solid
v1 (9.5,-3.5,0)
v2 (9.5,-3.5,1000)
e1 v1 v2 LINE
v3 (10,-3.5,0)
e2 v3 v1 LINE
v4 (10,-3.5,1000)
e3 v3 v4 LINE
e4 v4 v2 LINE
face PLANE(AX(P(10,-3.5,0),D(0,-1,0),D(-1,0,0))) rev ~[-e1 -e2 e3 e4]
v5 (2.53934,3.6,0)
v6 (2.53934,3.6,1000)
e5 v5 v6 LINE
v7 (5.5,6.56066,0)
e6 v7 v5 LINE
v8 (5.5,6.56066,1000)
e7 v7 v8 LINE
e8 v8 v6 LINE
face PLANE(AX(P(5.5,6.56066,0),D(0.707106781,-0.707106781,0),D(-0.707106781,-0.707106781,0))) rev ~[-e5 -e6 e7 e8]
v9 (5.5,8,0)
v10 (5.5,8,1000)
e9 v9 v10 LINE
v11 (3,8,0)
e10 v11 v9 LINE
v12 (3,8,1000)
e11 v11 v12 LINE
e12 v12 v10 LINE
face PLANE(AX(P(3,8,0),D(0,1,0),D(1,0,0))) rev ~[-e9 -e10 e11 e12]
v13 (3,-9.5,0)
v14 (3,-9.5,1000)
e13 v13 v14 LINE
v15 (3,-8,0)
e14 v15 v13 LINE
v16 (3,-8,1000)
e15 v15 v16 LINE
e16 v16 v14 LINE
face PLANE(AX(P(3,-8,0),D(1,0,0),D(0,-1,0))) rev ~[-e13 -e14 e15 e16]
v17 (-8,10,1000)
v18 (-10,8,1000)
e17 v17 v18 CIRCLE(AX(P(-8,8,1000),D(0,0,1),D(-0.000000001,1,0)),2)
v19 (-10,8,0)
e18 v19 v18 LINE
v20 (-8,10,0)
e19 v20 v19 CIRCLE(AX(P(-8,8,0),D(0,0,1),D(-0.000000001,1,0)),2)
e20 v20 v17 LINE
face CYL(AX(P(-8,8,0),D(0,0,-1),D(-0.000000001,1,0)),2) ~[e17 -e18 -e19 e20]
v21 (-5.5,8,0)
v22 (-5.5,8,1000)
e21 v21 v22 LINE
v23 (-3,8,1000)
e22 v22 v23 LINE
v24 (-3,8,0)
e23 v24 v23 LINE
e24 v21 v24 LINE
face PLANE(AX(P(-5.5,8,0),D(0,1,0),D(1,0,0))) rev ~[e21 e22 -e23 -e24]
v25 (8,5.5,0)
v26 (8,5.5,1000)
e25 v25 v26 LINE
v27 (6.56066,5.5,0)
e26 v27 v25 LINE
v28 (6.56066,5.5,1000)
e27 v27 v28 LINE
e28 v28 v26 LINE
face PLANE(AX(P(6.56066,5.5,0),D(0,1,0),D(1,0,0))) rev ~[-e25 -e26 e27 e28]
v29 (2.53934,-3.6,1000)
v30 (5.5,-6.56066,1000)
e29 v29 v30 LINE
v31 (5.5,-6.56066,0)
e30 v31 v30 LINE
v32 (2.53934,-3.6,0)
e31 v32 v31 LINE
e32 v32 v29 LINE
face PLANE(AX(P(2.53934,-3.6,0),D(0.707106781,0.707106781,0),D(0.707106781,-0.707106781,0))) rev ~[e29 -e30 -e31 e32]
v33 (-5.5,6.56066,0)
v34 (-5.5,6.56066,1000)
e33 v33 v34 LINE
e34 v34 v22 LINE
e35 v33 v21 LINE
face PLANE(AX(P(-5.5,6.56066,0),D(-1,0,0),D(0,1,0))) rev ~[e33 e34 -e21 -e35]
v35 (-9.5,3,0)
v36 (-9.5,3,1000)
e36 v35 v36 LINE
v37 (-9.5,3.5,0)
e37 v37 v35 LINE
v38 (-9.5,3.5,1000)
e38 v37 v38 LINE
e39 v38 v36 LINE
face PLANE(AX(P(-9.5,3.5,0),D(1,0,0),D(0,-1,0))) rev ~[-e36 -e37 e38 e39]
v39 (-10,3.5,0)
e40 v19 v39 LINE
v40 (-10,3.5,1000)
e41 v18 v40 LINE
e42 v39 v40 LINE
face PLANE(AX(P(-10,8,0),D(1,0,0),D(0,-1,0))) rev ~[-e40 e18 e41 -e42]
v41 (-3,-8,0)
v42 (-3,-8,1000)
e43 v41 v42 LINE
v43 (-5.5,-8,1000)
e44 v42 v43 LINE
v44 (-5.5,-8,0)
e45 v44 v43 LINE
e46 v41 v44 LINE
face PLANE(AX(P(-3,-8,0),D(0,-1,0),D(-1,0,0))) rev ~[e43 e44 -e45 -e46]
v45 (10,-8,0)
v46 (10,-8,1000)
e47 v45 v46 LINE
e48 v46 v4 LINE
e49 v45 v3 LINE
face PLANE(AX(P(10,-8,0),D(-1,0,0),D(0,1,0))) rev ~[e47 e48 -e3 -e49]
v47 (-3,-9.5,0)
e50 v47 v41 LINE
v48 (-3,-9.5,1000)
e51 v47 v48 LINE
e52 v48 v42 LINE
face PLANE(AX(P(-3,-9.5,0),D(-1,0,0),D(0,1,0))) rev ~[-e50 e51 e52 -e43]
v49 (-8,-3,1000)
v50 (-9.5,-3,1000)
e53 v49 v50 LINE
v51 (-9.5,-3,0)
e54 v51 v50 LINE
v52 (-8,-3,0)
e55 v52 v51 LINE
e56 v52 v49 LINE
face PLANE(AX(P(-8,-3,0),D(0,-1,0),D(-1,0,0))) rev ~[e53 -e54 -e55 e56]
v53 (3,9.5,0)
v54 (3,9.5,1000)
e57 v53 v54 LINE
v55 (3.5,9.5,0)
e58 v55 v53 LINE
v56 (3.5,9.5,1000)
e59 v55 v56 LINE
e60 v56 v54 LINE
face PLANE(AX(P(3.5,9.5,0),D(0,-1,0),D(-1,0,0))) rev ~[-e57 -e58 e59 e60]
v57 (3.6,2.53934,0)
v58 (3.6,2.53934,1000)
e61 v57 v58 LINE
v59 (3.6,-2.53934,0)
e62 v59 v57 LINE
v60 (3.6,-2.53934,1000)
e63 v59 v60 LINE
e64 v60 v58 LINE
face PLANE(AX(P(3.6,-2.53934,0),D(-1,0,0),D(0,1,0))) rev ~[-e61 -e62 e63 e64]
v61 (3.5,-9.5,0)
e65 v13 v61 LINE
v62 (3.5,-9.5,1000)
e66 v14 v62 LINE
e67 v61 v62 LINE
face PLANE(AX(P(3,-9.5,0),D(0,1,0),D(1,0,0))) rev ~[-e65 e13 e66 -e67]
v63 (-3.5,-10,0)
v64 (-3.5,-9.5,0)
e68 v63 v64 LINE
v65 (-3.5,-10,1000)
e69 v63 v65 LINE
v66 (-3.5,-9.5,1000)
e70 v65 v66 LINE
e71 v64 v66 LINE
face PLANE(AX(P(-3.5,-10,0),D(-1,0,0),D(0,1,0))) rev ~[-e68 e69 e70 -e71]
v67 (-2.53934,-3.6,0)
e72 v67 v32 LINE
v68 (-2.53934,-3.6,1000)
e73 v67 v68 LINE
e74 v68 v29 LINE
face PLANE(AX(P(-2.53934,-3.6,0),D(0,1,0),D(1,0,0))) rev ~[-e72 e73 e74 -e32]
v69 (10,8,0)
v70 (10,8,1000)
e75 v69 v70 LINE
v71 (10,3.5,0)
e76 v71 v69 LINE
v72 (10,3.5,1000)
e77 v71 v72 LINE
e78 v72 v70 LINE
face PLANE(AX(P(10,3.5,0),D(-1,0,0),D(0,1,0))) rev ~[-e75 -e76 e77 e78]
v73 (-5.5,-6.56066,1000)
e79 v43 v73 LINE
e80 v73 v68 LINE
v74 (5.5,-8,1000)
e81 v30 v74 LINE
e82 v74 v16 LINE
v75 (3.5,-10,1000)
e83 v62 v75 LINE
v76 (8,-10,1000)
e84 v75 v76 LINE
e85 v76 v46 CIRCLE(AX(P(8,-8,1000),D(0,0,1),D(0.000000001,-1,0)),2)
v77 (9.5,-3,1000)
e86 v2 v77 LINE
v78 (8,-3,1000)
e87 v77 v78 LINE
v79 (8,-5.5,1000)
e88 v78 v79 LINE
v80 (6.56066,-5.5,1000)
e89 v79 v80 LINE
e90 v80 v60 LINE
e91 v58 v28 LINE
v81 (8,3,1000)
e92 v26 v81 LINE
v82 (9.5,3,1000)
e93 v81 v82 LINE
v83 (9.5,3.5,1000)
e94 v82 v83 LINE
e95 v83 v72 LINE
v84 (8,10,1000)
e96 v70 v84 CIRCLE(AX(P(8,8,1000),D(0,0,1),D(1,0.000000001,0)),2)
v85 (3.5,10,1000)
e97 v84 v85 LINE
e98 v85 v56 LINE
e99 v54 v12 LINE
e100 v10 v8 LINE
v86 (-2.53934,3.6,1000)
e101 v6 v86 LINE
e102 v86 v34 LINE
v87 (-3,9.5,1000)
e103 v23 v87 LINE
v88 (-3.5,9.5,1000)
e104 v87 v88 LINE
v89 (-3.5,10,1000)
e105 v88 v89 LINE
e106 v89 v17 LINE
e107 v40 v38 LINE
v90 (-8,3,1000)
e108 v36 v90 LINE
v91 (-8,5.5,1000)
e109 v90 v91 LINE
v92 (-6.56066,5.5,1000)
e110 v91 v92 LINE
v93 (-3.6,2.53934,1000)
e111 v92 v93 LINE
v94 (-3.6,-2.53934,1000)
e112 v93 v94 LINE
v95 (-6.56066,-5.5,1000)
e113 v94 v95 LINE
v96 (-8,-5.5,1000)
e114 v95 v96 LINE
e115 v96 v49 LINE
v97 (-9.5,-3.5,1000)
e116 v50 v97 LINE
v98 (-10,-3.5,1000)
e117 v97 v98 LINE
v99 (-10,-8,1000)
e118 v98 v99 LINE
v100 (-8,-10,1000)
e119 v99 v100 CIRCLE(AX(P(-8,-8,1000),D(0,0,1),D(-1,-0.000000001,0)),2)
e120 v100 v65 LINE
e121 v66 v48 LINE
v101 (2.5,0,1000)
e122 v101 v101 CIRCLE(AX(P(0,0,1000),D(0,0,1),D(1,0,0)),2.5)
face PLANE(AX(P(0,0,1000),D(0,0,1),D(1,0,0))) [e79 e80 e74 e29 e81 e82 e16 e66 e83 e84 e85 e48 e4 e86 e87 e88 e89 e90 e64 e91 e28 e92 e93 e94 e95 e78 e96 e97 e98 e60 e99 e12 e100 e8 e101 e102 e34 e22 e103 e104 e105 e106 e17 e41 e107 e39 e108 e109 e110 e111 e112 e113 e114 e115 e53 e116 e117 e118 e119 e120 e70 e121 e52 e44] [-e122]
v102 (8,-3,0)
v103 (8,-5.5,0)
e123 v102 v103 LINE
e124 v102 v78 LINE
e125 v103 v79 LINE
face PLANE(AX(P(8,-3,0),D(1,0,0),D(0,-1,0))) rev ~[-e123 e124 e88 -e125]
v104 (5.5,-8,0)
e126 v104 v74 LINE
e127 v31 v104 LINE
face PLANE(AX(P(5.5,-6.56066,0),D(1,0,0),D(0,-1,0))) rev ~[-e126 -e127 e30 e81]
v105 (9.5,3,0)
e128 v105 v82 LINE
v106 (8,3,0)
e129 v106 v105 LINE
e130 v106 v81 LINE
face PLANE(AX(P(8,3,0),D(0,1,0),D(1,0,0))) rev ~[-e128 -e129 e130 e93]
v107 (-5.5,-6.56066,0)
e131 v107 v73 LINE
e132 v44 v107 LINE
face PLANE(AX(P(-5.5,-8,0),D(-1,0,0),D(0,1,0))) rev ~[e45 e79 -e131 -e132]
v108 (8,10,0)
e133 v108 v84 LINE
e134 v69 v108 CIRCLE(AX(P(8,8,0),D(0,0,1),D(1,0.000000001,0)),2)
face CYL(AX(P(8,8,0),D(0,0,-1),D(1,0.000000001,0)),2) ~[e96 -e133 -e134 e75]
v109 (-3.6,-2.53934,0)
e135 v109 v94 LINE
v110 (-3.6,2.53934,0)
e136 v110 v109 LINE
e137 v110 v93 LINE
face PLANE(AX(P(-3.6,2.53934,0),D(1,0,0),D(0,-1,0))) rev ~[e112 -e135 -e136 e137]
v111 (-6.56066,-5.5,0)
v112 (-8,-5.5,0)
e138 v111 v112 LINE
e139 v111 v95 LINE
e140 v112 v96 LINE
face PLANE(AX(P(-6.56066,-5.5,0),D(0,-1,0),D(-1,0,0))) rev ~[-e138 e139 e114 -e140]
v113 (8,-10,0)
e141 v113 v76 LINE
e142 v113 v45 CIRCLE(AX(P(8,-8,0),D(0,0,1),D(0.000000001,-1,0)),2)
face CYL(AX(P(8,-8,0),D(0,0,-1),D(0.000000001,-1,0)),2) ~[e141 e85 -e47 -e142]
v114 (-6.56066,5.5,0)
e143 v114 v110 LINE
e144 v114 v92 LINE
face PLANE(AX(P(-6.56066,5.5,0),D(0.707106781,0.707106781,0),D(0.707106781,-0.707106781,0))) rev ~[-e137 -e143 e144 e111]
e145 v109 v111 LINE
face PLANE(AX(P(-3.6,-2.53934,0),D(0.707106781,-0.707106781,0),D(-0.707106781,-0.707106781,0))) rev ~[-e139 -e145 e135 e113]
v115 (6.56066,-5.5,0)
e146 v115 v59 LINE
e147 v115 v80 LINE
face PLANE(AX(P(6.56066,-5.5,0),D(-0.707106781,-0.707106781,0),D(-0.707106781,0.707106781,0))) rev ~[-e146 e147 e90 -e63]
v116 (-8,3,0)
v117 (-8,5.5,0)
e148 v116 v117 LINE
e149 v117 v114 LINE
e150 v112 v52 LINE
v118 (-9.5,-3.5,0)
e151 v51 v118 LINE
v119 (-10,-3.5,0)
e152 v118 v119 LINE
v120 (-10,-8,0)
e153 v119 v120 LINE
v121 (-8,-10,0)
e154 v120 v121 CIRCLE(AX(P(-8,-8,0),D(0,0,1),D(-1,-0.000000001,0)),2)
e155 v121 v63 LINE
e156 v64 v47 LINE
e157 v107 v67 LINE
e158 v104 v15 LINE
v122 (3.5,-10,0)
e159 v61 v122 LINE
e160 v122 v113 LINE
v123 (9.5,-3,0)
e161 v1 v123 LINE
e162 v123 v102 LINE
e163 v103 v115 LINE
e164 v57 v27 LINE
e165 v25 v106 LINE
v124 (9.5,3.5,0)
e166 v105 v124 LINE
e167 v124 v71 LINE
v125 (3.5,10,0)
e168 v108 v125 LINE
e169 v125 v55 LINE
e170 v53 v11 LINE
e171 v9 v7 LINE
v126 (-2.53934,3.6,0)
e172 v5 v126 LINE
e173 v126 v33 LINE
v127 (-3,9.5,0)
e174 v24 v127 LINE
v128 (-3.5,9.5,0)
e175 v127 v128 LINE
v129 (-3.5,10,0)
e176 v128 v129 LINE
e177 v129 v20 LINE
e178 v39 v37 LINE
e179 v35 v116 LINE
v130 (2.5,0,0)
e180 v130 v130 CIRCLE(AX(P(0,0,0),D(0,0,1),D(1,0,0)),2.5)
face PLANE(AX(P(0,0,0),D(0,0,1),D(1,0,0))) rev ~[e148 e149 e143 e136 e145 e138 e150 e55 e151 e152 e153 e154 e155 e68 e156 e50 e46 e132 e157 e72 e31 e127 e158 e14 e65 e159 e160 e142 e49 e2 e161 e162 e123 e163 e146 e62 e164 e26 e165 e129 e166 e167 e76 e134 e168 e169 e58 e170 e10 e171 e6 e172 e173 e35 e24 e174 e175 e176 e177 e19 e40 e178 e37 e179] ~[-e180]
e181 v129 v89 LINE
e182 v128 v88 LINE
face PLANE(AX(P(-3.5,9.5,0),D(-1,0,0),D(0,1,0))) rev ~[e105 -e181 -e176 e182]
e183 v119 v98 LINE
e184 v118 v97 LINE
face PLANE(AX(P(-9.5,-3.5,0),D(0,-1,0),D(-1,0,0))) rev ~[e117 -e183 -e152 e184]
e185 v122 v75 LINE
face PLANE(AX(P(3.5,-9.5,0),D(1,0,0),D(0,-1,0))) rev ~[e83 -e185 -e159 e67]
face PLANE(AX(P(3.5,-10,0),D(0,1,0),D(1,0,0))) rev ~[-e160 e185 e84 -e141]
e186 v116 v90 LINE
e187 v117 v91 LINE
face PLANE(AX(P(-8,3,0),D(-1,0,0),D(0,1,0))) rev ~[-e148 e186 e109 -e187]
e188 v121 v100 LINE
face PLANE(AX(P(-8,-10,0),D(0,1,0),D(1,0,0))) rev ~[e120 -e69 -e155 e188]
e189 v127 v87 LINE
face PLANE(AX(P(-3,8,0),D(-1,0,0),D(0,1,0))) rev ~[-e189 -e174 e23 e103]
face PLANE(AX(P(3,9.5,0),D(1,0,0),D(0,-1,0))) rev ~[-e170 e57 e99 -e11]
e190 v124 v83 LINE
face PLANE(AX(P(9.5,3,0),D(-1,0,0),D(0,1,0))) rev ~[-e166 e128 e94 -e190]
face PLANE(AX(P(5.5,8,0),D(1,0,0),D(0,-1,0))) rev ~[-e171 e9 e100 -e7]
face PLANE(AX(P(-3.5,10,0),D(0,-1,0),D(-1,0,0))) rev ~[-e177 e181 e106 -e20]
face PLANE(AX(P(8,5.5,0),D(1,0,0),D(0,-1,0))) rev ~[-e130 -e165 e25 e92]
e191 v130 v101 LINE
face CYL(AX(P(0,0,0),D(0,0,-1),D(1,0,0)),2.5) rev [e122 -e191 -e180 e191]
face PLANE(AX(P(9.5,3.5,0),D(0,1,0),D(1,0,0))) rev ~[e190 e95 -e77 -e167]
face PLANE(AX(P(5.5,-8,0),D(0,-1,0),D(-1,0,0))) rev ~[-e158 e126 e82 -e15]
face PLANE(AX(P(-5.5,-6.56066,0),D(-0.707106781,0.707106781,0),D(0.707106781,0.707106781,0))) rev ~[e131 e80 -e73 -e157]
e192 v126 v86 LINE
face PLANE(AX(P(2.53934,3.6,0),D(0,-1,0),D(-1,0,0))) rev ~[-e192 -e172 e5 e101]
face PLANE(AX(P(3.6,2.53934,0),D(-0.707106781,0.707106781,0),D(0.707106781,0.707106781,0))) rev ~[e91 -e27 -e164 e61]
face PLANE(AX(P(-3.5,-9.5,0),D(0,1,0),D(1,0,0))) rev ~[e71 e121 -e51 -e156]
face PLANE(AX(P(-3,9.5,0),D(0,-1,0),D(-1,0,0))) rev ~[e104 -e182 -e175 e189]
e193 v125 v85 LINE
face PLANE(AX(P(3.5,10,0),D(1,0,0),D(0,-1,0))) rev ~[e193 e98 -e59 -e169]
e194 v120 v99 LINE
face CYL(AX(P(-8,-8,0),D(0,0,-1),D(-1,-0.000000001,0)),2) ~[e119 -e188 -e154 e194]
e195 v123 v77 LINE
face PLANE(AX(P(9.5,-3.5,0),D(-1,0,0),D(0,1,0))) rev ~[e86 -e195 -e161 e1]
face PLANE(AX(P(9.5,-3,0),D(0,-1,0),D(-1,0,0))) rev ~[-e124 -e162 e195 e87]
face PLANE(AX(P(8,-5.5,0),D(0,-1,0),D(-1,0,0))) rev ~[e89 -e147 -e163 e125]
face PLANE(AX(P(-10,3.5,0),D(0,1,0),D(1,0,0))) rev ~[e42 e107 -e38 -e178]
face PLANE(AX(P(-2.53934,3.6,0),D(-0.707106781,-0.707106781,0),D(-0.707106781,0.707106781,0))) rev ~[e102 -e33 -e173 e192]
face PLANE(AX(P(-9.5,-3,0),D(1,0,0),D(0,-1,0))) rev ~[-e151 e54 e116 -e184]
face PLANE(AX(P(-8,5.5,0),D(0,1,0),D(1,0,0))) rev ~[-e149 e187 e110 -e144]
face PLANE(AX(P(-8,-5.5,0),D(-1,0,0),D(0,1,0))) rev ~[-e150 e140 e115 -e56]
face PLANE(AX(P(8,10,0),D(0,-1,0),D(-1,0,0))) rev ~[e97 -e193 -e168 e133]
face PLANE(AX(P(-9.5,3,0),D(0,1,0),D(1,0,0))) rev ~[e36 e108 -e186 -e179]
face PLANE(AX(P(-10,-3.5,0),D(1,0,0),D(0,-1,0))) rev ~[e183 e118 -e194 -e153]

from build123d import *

# Parameters (mm, degrees)
SKETCH1_R           = 2.5
BOSS_EXTRUDE1_DEPTH = 1000


with BuildPart() as part:
    # Sketch1 → Boss-Extrude1 (new body)
    with BuildSketch(Plane.XY):
        with BuildLine():
            Line((8, -3), (8, -5.5))
            Line((8, -5.5), (6.560660172, -5.5))
            Line((6.560660172, -5.5), (3.6, -2.539339828))
            Line((3.6, -2.539339828), (3.6, 2.539339828))
            Line((3.6, 2.539339828), (6.560660172, 5.5))
            Line((6.560660172, 5.5), (8, 5.5))
            Line((8, 5.5), (8, 3))
            Line((8, 3), (9.5, 3))
            Line((9.5, 3), (9.5, 3.5))
            Line((9.5, 3.5), (10, 3.5))
            Line((10, 3.5), (10, 8))
            ThreePointArc((10, 8), (9.414213562, 9.414213562), (8, 10))
            Line((8, 10), (3.5, 10))
            Line((3.5, 10), (3.5, 9.5))
            Line((3.5, 9.5), (3, 9.5))
            Line((3, 9.5), (3, 8))
            Line((3, 8), (5.5, 8))
            Line((5.5, 8), (5.5, 6.560660172))
            Line((5.5, 6.560660172), (2.539339828, 3.6))
            Line((2.539339828, 3.6), (-2.539339828, 3.6))
            Line((-2.539339828, 3.6), (-5.5, 6.560660172))
            Line((-5.5, 6.560660172), (-5.5, 8))
            Line((-5.5, 8), (-3, 8))
            Line((-3, 8), (-3, 9.5))
            Line((-3, 9.5), (-3.5, 9.5))
            Line((-3.5, 9.5), (-3.5, 10))
            Line((-3.5, 10), (-8, 10))
            ThreePointArc((-8, 10), (-9.414213562, 9.414213562), (-10, 8))
            Line((-10, 8), (-10, 3.5))
            Line((-10, 3.5), (-9.5, 3.5))
            Line((-9.5, 3.5), (-9.5, 3))
            Line((-9.5, 3), (-8, 3))
            Line((-8, 3), (-8, 5.5))
            Line((-8, 5.5), (-6.560660172, 5.5))
            Line((-6.560660172, 5.5), (-3.6, 2.539339828))
            Line((-3.6, 2.539339828), (-3.6, -2.539339828))
            Line((-3.6, -2.539339828), (-6.560660172, -5.5))
            Line((-6.560660172, -5.5), (-8, -5.5))
            Line((-8, -5.5), (-8, -3))
            Line((-8, -3), (-9.5, -3))
            Line((-9.5, -3), (-9.5, -3.5))
            Line((-9.5, -3.5), (-10, -3.5))
            Line((-10, -3.5), (-10, -8))
            ThreePointArc((-10, -8), (-9.414213562, -9.414213562), (-8, -10))
            Line((-8, -10), (-3.5, -10))
            Line((-3.5, -10), (-3.5, -9.5))
            Line((-3.5, -9.5), (-3, -9.5))
            Line((-3, -9.5), (-3, -8))
            Line((-3, -8), (-5.5, -8))
            Line((-5.5, -8), (-5.5, -6.560660172))
            Line((-5.5, -6.560660172), (-2.539339828, -3.6))
            Line((-2.539339828, -3.6), (2.539339828, -3.6))
            Line((2.539339828, -3.6), (5.5, -6.560660172))
            Line((5.5, -6.560660172), (5.5, -8))
            Line((5.5, -8), (3, -8))
            Line((3, -8), (3, -9.5))
            Line((3, -9.5), (3.5, -9.5))
            Line((3.5, -9.5), (3.5, -10))
            Line((3.5, -10), (8, -10))
            ThreePointArc((8, -10), (9.414213562, -9.414213562), (10, -8))
            Line((10, -8), (10, -3.5))
            Line((10, -3.5), (9.5, -3.5))
            Line((9.5, -3.5), (9.5, -3))
            Line((9.5, -3), (8, -3))
        make_face()
        Circle(SKETCH1_R, mode=Mode.SUBTRACT)
    extrude(amount=BOSS_EXTRUDE1_DEPTH)


solid = part.part
